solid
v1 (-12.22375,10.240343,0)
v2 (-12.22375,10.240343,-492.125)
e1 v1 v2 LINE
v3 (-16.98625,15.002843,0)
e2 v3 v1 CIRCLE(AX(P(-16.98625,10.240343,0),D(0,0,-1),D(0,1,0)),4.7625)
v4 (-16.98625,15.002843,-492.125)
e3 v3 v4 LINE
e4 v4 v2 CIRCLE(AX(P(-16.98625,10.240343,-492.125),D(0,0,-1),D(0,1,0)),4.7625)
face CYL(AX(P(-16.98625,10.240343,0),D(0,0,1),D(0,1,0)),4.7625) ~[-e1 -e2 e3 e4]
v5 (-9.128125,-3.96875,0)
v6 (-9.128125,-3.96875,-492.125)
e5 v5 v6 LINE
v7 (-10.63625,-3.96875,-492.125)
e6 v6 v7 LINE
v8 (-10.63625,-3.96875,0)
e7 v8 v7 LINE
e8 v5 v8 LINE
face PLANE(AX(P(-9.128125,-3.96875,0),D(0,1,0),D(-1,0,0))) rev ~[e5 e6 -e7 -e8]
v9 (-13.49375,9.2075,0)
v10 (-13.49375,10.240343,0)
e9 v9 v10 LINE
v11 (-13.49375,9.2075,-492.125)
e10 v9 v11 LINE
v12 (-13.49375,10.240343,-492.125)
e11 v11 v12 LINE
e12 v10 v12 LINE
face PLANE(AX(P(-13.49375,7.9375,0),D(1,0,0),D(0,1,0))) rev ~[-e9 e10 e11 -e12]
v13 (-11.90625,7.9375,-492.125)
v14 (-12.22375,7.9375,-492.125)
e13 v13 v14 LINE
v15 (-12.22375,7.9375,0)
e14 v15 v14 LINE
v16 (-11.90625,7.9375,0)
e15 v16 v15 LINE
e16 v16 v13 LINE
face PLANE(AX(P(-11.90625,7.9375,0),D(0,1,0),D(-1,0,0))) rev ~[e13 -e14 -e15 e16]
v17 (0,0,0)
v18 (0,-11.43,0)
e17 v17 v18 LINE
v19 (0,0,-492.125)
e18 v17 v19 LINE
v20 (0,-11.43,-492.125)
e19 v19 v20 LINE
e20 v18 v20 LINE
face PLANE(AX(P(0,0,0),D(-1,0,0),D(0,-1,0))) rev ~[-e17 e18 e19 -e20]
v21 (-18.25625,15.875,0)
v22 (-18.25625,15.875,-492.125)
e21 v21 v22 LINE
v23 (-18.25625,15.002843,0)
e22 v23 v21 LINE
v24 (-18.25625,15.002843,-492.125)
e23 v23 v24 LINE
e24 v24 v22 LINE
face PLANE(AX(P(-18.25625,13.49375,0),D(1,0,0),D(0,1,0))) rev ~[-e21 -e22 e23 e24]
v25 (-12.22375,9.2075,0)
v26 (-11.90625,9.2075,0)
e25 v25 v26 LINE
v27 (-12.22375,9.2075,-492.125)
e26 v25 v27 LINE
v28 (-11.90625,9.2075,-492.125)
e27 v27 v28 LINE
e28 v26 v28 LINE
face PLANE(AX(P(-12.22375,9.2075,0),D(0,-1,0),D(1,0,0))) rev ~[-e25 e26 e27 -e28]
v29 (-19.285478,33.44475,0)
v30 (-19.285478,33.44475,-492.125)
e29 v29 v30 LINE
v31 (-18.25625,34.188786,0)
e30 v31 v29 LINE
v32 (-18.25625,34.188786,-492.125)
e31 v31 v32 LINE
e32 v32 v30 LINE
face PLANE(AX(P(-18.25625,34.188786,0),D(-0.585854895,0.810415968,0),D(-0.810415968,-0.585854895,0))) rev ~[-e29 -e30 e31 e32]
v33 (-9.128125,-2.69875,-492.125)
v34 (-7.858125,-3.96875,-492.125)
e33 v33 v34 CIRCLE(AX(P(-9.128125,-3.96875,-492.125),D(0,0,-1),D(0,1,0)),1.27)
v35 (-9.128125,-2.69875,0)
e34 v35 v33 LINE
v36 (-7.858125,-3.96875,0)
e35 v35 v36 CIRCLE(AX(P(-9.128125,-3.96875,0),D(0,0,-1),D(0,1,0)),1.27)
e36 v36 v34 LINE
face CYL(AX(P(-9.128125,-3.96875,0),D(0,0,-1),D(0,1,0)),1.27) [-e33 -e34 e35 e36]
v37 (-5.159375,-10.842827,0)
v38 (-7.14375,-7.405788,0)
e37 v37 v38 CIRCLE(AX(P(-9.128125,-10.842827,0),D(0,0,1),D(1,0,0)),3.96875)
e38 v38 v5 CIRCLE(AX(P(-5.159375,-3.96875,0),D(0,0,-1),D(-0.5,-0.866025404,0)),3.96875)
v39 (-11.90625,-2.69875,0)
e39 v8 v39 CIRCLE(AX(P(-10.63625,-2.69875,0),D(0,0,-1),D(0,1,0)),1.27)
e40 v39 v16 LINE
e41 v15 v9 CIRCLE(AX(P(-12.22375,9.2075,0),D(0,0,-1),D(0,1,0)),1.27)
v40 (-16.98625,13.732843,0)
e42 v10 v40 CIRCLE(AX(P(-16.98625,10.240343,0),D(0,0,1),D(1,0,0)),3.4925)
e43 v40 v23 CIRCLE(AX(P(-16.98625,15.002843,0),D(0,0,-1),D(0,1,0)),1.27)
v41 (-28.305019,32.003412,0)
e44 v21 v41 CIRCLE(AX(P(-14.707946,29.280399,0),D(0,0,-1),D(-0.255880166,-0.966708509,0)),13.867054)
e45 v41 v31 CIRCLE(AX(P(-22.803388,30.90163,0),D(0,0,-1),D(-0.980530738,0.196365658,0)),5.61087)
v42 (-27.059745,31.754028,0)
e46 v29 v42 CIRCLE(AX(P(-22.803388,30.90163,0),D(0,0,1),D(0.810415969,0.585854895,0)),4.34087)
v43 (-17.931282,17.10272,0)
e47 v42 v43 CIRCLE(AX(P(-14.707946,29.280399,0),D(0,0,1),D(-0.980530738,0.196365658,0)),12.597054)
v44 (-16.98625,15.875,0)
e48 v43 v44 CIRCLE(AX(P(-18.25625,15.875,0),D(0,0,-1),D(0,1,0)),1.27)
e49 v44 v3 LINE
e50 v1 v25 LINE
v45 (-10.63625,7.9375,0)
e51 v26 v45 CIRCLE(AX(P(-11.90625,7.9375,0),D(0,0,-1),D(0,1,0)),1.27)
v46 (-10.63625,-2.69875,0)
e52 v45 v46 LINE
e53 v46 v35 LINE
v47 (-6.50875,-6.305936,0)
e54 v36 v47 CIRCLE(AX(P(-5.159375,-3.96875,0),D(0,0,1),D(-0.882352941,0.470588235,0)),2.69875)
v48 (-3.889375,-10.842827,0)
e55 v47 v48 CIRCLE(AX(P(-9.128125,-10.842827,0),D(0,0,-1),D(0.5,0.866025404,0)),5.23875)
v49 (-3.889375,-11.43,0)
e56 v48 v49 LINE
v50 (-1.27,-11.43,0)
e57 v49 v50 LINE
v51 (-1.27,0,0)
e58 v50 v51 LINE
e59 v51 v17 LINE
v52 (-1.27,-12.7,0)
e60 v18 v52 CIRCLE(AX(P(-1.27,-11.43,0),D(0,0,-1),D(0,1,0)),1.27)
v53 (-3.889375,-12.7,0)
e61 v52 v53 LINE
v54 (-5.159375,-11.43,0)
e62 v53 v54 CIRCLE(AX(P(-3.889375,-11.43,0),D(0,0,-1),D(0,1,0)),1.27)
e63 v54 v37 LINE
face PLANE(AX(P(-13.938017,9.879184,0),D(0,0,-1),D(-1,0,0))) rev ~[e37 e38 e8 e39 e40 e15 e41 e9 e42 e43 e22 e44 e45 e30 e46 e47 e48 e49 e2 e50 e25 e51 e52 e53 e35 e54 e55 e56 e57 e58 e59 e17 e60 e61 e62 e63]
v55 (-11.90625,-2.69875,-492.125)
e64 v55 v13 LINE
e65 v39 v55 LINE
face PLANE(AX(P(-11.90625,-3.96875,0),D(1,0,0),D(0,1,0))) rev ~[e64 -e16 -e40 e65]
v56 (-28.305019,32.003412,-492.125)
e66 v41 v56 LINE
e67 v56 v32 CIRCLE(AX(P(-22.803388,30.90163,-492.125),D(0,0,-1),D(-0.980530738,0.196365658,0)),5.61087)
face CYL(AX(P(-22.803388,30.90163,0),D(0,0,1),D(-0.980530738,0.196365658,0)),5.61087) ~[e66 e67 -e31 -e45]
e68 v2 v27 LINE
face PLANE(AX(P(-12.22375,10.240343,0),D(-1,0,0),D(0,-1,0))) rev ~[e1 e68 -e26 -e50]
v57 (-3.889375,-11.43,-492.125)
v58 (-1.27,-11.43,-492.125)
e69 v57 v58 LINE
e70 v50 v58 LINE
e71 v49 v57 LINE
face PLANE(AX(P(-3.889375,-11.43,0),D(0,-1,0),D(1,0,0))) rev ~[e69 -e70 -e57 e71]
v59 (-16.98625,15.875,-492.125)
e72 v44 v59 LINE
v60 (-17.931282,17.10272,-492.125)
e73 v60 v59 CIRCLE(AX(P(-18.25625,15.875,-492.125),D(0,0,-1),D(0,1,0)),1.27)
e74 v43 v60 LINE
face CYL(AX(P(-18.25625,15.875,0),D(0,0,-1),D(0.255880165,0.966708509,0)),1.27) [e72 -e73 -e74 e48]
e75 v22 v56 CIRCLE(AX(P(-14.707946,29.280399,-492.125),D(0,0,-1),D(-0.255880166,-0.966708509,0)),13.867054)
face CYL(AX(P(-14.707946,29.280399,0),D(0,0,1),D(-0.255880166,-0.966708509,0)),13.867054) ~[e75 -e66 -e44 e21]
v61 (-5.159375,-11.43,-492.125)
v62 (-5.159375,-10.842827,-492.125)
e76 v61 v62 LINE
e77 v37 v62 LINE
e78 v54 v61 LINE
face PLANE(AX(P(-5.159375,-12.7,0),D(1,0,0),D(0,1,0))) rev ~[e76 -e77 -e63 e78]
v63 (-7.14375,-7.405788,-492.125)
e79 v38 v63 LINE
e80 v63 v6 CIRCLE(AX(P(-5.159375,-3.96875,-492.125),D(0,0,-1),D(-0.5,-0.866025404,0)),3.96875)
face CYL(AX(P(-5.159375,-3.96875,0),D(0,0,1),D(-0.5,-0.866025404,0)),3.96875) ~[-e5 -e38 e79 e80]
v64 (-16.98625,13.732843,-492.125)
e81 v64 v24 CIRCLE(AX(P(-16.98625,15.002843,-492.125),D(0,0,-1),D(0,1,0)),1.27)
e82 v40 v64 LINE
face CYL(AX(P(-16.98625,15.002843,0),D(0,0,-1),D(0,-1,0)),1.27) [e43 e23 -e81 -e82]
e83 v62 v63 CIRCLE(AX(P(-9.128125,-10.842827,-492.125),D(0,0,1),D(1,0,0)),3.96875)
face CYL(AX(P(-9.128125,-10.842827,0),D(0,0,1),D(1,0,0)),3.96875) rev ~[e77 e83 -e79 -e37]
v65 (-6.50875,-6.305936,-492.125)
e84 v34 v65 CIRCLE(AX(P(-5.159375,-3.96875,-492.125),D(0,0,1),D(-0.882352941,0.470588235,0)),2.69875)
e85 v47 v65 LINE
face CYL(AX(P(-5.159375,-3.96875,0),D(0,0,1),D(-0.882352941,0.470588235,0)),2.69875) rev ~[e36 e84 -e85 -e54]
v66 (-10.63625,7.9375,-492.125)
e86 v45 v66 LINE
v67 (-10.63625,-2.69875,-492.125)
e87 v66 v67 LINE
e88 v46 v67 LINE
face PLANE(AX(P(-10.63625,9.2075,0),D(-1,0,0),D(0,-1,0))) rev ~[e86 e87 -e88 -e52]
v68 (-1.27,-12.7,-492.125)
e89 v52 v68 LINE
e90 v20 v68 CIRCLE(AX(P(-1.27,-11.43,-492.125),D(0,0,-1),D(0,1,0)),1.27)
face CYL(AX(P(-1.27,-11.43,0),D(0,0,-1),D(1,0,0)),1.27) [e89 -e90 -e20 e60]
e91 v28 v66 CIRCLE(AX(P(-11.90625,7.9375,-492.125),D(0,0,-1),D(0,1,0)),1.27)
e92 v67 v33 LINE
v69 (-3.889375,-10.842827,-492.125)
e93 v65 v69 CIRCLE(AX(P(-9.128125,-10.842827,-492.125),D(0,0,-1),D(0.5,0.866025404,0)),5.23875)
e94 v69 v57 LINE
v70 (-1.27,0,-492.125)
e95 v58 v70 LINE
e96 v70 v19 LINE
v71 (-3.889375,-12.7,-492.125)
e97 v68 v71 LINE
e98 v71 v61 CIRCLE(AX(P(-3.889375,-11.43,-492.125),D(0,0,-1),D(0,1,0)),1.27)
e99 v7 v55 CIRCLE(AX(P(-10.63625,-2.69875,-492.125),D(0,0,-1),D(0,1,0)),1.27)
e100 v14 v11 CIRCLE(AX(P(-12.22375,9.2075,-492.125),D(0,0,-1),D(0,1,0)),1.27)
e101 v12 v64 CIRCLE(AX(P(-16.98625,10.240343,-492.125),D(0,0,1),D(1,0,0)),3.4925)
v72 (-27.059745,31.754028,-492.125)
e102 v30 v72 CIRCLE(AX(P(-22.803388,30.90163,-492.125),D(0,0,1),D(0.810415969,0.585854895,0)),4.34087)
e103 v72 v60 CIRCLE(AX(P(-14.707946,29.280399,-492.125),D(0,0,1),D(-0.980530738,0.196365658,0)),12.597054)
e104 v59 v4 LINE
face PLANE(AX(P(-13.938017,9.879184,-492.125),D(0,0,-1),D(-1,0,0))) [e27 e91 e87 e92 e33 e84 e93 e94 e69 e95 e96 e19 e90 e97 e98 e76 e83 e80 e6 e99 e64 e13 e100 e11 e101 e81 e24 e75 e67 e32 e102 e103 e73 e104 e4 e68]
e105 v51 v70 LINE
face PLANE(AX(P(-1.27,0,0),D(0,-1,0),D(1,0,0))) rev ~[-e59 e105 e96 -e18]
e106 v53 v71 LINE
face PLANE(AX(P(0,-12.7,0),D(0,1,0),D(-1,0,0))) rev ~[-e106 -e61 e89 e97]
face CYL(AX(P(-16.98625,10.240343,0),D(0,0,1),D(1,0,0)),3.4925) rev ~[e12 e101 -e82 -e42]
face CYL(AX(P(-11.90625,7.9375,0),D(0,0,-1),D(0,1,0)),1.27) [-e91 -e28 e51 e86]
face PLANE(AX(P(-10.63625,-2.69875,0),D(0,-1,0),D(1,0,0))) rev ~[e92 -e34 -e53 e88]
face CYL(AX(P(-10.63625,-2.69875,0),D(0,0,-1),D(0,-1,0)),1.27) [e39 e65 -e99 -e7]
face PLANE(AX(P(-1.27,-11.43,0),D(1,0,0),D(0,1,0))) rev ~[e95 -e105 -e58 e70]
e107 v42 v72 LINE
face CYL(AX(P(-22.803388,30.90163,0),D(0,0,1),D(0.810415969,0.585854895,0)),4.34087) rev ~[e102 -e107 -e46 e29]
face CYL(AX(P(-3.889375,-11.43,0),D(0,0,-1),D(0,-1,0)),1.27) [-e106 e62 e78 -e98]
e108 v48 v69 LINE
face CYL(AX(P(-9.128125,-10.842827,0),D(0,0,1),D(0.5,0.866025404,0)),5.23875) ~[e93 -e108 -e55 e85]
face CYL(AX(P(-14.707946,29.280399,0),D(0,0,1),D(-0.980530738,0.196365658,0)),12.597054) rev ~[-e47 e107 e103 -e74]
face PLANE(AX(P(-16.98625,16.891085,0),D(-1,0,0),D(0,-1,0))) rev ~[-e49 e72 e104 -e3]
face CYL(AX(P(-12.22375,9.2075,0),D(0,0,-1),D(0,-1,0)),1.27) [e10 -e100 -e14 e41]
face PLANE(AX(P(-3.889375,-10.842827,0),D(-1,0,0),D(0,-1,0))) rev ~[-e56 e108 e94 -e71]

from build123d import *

# Parameters (mm, degrees)
EXTRUDE_THIN1_DEPTH = 492.125
FILLET1_R           = 1.27


with BuildPart() as part:
    # Sketch1 → Extrude-Thin1 (new body)
    with BuildSketch(Plane.XY):
        with BuildLine():
            Line((0, 0), (0, -12.7))
            Line((0, -12.7), (-5.159375, -12.7))
            Line((-5.159375, -12.7), (-5.159375, -10.842826643))
            ThreePointArc((-5.159375, -10.842826643), (-5.691086679, -8.858451643), (-7.14375, -7.405788321))
            ThreePointArc((-7.14375, -7.405788321), (-8.596413321, -5.953125), (-9.128125, -3.96875))
            Line((-9.128125, -3.96875), (-11.90625, -3.96875))
            Line((-11.90625, -3.96875), (-11.90625, 7.9375))
            Line((-11.90625, 7.9375), (-13.49375, 7.9375))
            Line((-13.49375, 7.9375), (-13.49375, 10.240343132))
            ThreePointArc((-13.49375, 10.240343132), (-15.016214309, 13.124180094), (-18.25625, 13.49375))
            Line((-18.25625, 13.49375), (-18.25625, 15.875))
            ThreePointArc((-18.25625, 15.875), (-26.477500212, 21.947406572), (-28.305018694, 32.003412381))
            ThreePointArc((-28.305018694, 32.003412381), (-23.995750741, 36.384342306), (-18.25625, 34.18878576))
            Line((-18.25625, 34.18878576), (-19.28547828, 33.444750043))
            ThreePointArc((-19.28547828, 33.444750043), (-23.725863862, 35.143350335), (-27.059744656, 31.754027996))
            ThreePointArc((-27.059744656, 31.754027996), (-25.135637157, 22.212936626), (-16.98625, 16.891085148))
            Line((-16.98625, 16.891085148), (-16.98625, 15.002843132))
            ThreePointArc((-16.98625, 15.002843132), (-13.618653955, 13.607939177), (-12.22375, 10.240343132))
            Line((-12.22375, 10.240343132), (-12.22375, 9.2075))
            Line((-12.22375, 9.2075), (-10.63625, 9.2075))
            Line((-10.63625, 9.2075), (-10.63625, -2.69875))
            Line((-10.63625, -2.69875), (-7.540625, -2.69875))
            ThreePointArc((-7.540625, -2.69875), (-7.754050035, -4.710985155), (-6.50875, -6.305936058))
            ThreePointArc((-6.50875, -6.305936058), (-4.591234416, -8.223451643), (-3.889375, -10.842826643))
            Line((-3.889375, -10.842826643), (-3.889375, -11.43))
            Line((-3.889375, -11.43), (-1.27, -11.43))
            Line((-1.27, -11.43), (-1.27, 0))
            Line((-1.27, 0), (0, 0))
        make_face()
    extrude(amount=-EXTRUDE_THIN1_DEPTH)

    # Fillet1
    fillet1_edges = [part.edges().sort_by_distance(p)[0] for p in [
        (-16.98625, 16.891085148, -246.0625),
        (-10.63625, 9.2075, -246.0625),
        (-7.540625, -2.69875, -246.0625),
        (0, -12.7, -246.0625),
        (-5.159375, -12.7, -246.0625),
        (-11.90625, -3.96875, -246.0625),
        (-13.49375, 7.9375, -246.0625),
        (-18.25625, 13.49375, -246.0625),
    ]]
    fillet(fillet1_edges, radius=FILLET1_R)


solid = part.part
